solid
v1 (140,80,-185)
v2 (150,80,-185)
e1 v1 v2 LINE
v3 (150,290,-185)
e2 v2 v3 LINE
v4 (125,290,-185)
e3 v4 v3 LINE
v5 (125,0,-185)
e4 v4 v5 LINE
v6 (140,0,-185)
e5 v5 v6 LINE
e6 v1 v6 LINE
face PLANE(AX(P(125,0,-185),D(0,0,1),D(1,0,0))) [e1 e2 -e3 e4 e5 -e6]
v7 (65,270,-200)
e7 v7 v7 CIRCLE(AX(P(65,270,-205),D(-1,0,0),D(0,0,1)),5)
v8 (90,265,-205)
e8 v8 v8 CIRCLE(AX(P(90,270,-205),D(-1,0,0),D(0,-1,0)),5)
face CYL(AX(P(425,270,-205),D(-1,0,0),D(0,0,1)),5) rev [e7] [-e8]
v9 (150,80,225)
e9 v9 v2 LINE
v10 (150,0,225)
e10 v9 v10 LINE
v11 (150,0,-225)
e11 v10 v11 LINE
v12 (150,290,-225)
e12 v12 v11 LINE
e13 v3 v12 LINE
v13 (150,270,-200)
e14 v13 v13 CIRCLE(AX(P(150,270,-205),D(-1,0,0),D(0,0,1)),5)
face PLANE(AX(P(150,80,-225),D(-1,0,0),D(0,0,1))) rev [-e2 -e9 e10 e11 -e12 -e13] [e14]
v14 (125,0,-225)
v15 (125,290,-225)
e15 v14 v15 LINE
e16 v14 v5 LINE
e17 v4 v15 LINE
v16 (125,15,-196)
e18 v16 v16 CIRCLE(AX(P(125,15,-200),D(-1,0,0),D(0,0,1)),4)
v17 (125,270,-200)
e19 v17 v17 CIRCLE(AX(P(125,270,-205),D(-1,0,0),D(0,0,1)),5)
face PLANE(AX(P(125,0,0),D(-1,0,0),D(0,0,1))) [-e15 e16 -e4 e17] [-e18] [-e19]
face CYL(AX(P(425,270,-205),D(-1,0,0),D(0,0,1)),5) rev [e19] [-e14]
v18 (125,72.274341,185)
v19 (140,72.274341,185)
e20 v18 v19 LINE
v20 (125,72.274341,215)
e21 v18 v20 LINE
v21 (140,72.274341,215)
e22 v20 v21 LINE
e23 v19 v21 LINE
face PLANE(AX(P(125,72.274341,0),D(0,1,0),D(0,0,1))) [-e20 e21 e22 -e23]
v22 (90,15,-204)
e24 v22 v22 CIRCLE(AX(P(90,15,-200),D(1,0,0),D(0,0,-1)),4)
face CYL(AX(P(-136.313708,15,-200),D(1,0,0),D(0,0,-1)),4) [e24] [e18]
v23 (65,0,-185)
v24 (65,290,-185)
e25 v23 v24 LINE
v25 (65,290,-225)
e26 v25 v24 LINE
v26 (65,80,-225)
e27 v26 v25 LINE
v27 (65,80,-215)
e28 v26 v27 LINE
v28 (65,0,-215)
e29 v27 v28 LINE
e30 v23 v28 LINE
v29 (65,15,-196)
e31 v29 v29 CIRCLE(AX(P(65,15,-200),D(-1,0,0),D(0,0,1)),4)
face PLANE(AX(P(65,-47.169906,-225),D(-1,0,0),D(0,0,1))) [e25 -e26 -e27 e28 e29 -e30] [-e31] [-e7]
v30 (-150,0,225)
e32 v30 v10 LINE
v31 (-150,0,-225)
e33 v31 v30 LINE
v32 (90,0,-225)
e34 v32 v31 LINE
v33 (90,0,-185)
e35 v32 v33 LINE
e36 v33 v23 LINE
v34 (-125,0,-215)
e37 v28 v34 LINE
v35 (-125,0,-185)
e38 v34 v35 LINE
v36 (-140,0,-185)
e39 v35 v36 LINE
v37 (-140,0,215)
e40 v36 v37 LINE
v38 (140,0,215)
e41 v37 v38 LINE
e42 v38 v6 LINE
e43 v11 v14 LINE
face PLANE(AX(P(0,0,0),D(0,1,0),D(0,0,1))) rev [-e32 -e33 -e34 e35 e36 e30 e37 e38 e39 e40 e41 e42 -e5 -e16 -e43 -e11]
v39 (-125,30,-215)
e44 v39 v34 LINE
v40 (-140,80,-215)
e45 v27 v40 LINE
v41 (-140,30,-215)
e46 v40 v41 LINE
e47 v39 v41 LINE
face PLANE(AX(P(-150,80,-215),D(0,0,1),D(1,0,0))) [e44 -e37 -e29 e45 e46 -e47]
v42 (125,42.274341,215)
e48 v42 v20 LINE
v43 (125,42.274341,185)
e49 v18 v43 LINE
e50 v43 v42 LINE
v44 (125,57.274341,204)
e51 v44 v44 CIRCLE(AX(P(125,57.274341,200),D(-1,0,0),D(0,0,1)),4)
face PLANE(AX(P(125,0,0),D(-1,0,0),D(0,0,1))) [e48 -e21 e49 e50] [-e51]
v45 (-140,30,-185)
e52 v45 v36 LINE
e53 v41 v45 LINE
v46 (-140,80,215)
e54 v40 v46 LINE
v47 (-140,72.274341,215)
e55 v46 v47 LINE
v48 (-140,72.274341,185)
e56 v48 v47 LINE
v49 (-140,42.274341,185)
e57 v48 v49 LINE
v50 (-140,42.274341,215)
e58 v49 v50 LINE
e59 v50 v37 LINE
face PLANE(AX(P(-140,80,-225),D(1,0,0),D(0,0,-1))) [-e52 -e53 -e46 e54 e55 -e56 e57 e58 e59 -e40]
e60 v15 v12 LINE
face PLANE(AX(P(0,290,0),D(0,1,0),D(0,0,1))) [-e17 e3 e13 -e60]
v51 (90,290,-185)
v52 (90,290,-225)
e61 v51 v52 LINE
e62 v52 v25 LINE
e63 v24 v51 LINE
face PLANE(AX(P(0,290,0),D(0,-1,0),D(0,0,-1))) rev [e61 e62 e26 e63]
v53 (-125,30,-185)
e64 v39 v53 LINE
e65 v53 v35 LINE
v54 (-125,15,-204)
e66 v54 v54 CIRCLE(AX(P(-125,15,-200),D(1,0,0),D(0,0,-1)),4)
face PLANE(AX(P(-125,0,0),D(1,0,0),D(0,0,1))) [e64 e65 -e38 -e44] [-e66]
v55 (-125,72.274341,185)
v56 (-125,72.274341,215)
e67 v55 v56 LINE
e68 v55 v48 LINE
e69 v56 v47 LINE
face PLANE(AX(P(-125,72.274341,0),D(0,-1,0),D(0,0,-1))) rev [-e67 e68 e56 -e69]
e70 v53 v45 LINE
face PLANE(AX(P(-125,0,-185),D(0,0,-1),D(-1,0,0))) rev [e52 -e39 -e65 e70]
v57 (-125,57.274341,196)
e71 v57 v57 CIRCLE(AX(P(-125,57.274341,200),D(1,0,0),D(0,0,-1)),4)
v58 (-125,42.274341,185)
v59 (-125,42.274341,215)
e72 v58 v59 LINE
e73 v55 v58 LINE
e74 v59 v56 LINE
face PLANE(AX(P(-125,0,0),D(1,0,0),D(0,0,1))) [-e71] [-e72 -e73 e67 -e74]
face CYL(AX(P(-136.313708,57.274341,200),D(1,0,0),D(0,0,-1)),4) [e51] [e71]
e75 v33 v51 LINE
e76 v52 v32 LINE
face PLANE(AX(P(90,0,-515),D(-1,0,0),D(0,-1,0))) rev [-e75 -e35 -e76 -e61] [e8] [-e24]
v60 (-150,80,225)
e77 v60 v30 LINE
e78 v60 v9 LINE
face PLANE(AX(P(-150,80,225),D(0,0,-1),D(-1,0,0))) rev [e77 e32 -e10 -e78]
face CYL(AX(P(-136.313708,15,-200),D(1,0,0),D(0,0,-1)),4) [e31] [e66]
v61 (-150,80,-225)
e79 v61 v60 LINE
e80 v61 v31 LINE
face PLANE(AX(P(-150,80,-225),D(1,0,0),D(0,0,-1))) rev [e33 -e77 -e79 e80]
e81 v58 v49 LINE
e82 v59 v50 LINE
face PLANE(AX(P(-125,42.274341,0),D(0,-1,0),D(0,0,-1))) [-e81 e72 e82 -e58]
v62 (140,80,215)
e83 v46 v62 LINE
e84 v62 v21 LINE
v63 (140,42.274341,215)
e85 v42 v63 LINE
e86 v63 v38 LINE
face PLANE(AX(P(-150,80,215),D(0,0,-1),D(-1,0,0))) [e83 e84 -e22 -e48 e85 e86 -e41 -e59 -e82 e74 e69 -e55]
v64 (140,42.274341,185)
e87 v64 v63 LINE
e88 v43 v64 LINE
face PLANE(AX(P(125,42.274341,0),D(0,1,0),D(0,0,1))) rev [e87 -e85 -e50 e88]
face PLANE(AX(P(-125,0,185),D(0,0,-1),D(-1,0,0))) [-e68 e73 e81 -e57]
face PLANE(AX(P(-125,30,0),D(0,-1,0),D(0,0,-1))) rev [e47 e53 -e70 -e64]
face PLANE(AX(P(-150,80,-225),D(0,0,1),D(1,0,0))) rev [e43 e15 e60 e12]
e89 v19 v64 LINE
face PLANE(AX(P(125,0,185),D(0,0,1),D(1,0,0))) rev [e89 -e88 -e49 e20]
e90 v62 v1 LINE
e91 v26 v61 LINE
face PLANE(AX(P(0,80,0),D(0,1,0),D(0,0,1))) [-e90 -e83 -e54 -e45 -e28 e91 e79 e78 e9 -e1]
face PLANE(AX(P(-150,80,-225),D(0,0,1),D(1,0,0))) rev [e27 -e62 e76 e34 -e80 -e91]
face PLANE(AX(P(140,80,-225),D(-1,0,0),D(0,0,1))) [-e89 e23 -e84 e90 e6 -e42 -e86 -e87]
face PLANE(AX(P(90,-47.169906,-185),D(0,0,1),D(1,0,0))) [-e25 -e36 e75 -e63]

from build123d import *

# Parameters (mm, degrees)
SKETCH1_W                      = 300
SKETCH1_H                      = 450
BOSS_EXTRUDE1_DEPTH            = 80
SHELL1_T                       = -10
SKETCH2_W                      = 30
SKETCH2_H                      = 30
BOSS_EXTRUDE2_DEPTH            = 15
BOSS_EXTRUDE4_REACH            = 366.211
SKETCH3_R                      = 4
SKETCH4_R                      = 4
BOSS_EXTRUDE5_DEPTH            = 250
BOSS_EXTRUDE6_DEPTH            = 210
BOSS_EXTRUDE6_DEPTH_BACK       = 80
SKETCH5_W                      = 25
SKETCH5_H                      = 40
SKETCH6_W                      = 35
SKETCH6_H                      = 80
CUT_EXTRUDE1_DEPTH             = 300
BOSS_EXTRUDE7_START            = -80
SKETCH8_W                      = 25
SKETCH8_H                      = 40
BOSS_EXTRUDE7_DEPTH            = 290
CUT_EXTRUDE2_REACH             = 460.639
SKETCH10_R                     = 5
CUT_EXTRUDE2_DIRECTION_2_DEPTH = 300


with BuildPart() as part:
    # Sketch1 → Boss-Extrude1 (new body)
    with BuildSketch(Plane(origin=(0, 0, 0), x_dir=(1, 0, 0), z_dir=(0, 1, 0))):
        Rectangle(SKETCH1_W, SKETCH1_H)
    extrude(amount=BOSS_EXTRUDE1_DEPTH)

    # Shell1
    shell1_openings = [part.faces().sort_by_distance(p)[0] for p in [
        (0, 80, 0),
        (0, 0, 0),
    ]]
    offset(amount=SHELL1_T, openings=shell1_openings, kind=Kind.INTERSECTION)

    # Sketch2 → Boss-Extrude2 (add)
    with BuildSketch(Plane.ZY.offset(-140)):
        with Locations((-200, 15)):
            Rectangle(SKETCH2_W, SKETCH2_H)
        with Locations((200, 57.274341307)):
            Rectangle(SKETCH2_W, SKETCH2_H)
    boss_extrude2 = extrude(amount=BOSS_EXTRUDE2_DEPTH)

    # Mirror2: Boss-Extrude2 across plane
    add(boss_extrude2.mirror(Plane(origin=(0, 0, 0), x_dir=(0, 0, 1), z_dir=(1, 0, 0))))

    # Sketch3 → Boss-Extrude4 (add, up to next)
    with BuildSketch(Plane.ZY.offset(-125), mode=Mode.PRIVATE) as boss_extrude4_sk1:
        with Locations(Location((-200, 15, 0), (0, 0, 180))):
            Circle(SKETCH3_R)
    boss_extrude4_tool1 = extrude(boss_extrude4_sk1.sketch, amount=BOSS_EXTRUDE4_REACH, mode=Mode.PRIVATE) - part.part
    add(boss_extrude4_tool1.solids().sort_by_distance((125, 15, -200))[0])

    # Sketch4 → Boss-Extrude5 (add)
    with BuildSketch(Plane.ZY.offset(-125)):
        with Locations(Location((200, 57.274341307, 0), (0, 0, 180))):
            Circle(SKETCH4_R)
    extrude(amount=BOSS_EXTRUDE5_DEPTH)

    # Sketch5 → Boss-Extrude6 (add, two sides: drawn at the far end of the back side and taken through both)
    with BuildSketch(Plane(origin=(0, 80, 0), x_dir=(1, 0, 0), z_dir=(0, 1, 0)).offset(-BOSS_EXTRUDE6_DEPTH_BACK)):
        with Locations((137.5, 205)):
            Rectangle(SKETCH5_W, SKETCH5_H)
    extrude(amount=BOSS_EXTRUDE6_DEPTH + BOSS_EXTRUDE6_DEPTH_BACK)

    # Sketch6 → Cut-Extrude1 (cut)
    with BuildSketch(Plane.XY.offset(-215)):
        with Locations((107.5, 40)):
            Rectangle(SKETCH6_W, SKETCH6_H)
    extrude(amount=-CUT_EXTRUDE1_DEPTH, mode=Mode.SUBTRACT)

    # Sketch8 → Boss-Extrude7 (add)
    with BuildSketch(Plane(origin=(0, 80, 0), x_dir=(1, 0, 0), z_dir=(0, 1, 0)).offset(BOSS_EXTRUDE7_START)):
        with Locations((77.5, 205)):
            Rectangle(SKETCH8_W, SKETCH8_H)
    extrude(amount=BOSS_EXTRUDE7_DEPTH)

    # Cut-Extrude2: up to this face of the body (flat: up to its plane)
    cut_extrude2_end = Plane(part.part.faces().sort_by_distance((65, 153.422023127, -203.907073233))[0])
    # Sketch10 → Cut-Extrude2 (cut, up to the picked face)
    with BuildSketch(Plane.ZY.offset(-125), mode=Mode.PRIVATE) as cut_extrude2_sk1:
        with Locations((-205, 270)):
            Circle(SKETCH10_R)
    cut_extrude2_tool1 = split(extrude(cut_extrude2_sk1.sketch, amount=CUT_EXTRUDE2_REACH, mode=Mode.PRIVATE), bisect_by=cut_extrude2_end, keep=Keep.BOTH, mode=Mode.PRIVATE)
    add(cut_extrude2_tool1.solids().sort_by(Axis((125, 270, -205), (-1, 0, 0)))[0], mode=Mode.SUBTRACT)

    # Sketch10 → Cut-Extrude2 direction 2 (cut)
    with BuildSketch(Plane.ZY.offset(-125)):
        with Locations((-205, 270)):
            Circle(SKETCH10_R)
    extrude(amount=-CUT_EXTRUDE2_DIRECTION_2_DEPTH, mode=Mode.SUBTRACT)


solid = part.part
